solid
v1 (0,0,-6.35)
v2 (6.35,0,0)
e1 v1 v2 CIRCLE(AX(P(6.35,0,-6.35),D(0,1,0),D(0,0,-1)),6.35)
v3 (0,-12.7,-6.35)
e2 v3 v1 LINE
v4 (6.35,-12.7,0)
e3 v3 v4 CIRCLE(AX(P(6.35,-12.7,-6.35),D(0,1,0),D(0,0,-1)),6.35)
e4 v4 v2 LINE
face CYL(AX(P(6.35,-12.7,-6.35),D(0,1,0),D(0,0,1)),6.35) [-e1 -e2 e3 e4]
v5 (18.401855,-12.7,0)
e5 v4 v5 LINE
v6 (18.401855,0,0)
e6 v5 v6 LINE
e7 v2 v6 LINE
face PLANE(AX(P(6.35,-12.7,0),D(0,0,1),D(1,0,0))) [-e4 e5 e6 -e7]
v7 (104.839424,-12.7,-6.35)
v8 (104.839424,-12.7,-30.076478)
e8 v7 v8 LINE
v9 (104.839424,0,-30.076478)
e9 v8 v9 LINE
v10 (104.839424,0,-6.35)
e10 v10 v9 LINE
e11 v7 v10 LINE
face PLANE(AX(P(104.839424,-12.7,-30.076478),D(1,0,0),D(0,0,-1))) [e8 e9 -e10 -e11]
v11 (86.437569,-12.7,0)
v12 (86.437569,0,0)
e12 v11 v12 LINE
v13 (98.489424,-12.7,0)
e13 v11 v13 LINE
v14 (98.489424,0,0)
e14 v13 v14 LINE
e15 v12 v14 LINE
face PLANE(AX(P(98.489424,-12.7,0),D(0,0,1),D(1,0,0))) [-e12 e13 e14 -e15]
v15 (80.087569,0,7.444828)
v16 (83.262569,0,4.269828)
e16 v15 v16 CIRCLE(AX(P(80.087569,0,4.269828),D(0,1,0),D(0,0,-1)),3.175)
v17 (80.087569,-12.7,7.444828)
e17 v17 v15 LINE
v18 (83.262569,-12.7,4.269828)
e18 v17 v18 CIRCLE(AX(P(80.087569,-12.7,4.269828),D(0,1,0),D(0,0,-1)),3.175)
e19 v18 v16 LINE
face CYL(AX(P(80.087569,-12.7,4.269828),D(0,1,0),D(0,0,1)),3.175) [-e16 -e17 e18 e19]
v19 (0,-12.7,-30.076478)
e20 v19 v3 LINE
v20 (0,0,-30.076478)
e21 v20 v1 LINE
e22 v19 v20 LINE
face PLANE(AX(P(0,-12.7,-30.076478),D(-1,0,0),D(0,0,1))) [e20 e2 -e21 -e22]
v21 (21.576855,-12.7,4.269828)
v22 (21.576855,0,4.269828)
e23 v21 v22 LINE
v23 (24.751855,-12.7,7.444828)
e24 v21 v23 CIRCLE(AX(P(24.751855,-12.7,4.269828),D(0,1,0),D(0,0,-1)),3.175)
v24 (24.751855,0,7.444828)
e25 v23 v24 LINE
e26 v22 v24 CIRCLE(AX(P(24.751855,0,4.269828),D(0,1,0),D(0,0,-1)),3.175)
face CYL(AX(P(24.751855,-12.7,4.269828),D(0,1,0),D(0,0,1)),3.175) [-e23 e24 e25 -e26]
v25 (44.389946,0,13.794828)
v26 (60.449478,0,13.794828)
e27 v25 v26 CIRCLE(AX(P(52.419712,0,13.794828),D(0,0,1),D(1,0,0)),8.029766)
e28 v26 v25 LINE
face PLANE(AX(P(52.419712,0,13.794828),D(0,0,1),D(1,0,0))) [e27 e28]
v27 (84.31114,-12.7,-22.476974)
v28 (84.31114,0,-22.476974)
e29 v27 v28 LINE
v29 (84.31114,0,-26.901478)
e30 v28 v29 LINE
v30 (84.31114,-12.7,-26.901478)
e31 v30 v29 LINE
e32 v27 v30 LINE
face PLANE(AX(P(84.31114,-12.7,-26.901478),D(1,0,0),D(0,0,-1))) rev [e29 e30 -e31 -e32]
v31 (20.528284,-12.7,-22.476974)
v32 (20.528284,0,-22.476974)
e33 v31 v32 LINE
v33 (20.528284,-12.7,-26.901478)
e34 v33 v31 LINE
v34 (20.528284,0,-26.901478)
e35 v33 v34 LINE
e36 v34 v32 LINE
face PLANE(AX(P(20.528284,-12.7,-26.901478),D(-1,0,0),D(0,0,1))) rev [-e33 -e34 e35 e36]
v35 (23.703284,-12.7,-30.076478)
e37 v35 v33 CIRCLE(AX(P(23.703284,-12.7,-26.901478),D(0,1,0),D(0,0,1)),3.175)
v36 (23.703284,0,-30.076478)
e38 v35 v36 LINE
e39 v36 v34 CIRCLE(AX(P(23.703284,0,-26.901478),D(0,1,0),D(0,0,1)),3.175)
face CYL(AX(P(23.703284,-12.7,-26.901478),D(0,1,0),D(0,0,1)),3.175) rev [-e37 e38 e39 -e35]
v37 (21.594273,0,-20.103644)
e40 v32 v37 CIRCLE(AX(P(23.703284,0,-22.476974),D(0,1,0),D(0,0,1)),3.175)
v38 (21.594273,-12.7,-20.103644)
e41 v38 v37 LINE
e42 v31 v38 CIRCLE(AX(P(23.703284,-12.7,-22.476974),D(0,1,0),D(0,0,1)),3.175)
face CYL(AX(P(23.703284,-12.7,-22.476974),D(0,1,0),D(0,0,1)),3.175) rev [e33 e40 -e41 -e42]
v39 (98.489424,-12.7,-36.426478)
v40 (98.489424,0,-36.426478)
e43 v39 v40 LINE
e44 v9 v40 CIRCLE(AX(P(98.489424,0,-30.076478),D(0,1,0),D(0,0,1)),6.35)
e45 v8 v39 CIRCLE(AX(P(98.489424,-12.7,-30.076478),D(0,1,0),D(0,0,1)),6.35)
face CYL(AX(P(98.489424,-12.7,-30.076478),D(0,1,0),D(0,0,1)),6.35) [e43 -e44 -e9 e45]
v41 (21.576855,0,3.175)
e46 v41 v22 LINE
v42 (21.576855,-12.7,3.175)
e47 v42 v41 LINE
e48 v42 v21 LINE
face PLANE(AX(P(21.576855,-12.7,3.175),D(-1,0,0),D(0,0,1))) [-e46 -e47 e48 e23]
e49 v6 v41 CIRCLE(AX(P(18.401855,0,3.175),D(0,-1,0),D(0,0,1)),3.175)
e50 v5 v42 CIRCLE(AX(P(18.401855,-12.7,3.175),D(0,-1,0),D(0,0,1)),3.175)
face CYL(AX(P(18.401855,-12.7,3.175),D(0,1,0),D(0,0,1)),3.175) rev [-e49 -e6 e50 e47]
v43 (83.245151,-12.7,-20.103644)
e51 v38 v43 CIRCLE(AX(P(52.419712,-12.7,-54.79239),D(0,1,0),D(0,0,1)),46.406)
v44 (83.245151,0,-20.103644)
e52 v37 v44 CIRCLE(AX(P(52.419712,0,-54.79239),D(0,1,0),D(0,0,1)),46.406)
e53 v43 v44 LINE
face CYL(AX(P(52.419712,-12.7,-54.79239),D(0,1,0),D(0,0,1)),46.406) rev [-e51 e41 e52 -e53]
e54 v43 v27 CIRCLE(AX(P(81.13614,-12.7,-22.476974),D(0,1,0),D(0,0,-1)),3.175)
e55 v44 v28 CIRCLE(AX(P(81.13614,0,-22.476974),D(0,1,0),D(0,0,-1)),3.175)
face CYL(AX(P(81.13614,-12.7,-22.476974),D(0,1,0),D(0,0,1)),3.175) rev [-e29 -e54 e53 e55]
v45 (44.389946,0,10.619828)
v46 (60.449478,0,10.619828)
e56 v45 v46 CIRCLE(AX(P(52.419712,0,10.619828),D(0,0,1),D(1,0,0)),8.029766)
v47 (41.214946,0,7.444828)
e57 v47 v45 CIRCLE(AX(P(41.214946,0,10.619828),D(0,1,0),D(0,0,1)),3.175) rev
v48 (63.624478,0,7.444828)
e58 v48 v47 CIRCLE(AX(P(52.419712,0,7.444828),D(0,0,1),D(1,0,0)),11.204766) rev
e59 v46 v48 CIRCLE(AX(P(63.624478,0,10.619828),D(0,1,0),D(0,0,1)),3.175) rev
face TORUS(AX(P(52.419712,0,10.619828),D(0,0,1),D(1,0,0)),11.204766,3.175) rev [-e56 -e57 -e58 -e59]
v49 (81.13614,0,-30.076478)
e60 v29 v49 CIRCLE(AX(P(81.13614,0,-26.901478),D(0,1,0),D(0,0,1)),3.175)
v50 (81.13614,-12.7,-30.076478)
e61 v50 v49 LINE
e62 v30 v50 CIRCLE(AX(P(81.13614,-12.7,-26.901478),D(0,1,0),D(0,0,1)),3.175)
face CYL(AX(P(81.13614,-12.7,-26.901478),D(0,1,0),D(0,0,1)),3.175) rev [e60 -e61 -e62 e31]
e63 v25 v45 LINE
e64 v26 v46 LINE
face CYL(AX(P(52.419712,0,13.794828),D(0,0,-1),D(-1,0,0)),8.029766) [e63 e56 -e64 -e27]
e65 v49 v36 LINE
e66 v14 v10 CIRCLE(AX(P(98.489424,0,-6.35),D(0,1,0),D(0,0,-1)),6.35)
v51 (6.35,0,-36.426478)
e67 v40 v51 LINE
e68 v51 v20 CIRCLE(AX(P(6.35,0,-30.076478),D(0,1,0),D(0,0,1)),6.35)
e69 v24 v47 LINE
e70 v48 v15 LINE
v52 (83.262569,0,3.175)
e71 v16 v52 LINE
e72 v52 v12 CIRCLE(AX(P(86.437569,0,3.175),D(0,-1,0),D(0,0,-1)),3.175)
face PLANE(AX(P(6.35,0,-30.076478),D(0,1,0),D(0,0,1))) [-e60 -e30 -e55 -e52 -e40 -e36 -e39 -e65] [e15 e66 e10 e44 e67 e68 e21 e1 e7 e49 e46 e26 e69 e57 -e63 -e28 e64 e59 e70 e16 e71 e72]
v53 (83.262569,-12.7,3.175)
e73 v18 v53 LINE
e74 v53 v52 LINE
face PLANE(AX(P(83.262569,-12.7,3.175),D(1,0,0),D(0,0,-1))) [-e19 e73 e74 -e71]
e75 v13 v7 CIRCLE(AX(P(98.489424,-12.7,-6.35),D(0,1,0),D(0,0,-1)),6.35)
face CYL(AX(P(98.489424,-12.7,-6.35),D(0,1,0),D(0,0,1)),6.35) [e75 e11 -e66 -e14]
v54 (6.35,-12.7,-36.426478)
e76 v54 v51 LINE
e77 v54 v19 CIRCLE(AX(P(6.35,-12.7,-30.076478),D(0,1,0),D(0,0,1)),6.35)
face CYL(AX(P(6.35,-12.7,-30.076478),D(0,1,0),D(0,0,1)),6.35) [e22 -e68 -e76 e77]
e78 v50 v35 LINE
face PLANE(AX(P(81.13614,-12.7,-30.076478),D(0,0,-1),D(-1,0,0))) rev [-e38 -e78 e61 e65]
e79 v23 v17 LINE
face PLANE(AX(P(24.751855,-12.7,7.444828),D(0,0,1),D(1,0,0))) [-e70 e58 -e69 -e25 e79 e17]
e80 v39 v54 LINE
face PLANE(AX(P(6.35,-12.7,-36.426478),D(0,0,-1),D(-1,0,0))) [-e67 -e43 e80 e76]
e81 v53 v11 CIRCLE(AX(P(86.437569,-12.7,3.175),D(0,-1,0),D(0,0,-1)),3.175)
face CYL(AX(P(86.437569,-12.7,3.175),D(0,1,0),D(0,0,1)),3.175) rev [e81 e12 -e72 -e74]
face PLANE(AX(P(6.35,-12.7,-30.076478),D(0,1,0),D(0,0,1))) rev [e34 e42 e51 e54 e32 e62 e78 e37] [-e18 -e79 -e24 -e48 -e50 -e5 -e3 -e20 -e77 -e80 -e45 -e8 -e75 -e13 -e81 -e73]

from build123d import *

# Parameters (mm, degrees)
EXTRUDE1_DEPTH = 12.7
EXTRUDE2_DEPTH = 6.35
FILLET1_R      = 3.175


with BuildPart() as part:
    # Sketch1 → Extrude1 (new body)
    with BuildSketch(Plane(origin=(0, 0, 0), x_dir=(1, 0, 0), z_dir=(0, 1, 0))):
        with BuildLine():
            Line((0, 30.076477833), (0, 6.35))
            ThreePointArc((0, 6.35), (1.859871939, 1.859871939), (6.35, 0))
            Line((6.35, 0), (18.40185504, 0))
            ThreePointArc((18.40185504, 0), (20.64691907, -0.92993597), (21.57685504, -3.175))
            Line((21.57685504, -3.175), (21.57685504, -4.269827586))
            ThreePointArc((21.57685504, -4.269827586), (22.506791009, -6.514891616), (24.75185504, -7.444827586))
            Line((24.75185504, -7.444827586), (80.087569325, -7.444827586))
            ThreePointArc((80.087569325, -7.444827586), (82.332633356, -6.514891616), (83.262569325, -4.269827586))
            Line((83.262569325, -4.269827586), (83.262569325, -3.175))
            ThreePointArc((83.262569325, -3.175), (84.192505295, -0.92993597), (86.437569325, 0))
            Line((86.437569325, 0), (98.489424365, 0))
            ThreePointArc((98.489424365, 0), (102.979552425, 1.859871939), (104.839424365, 6.35))
            Line((104.839424365, 6.35), (104.839424365, 30.076477833))
            ThreePointArc((104.839424365, 30.076477833), (102.979552425, 34.566605893), (98.489424365, 36.426477833))
            Line((98.489424365, 36.426477833), (6.35, 36.426477833))
            ThreePointArc((6.35, 36.426477833), (1.859871939, 34.566605893), (0, 30.076477833))
        make_face()
        with BuildLine():
            Line((81.136140344, 30.076477833), (23.703284021, 30.076477833))
            ThreePointArc((23.703284021, 30.076477833), (21.458219991, 29.146541863), (20.528284021, 26.901477833))
            Line((20.528284021, 26.901477833), (20.528284021, 22.476973979))
            ThreePointArc((20.528284021, 22.476973979), (20.807016141, 21.176106051), (21.594272913, 20.103643587))
            ThreePointArc((21.594272913, 20.103643587), (52.419712182, 8.386390066), (83.245151452, 20.103643587))
            ThreePointArc((83.245151452, 20.103643587), (84.032408224, 21.176106051), (84.311140344, 22.476973979))
            Line((84.311140344, 22.476973979), (84.311140344, 26.901477833))
            ThreePointArc((84.311140344, 26.901477833), (83.381204374, 29.146541863), (81.136140344, 30.076477833))
        make_face(mode=Mode.SUBTRACT)
    extrude(amount=-EXTRUDE1_DEPTH)

    # Sketch2 → Extrude2 (add)
    with BuildSketch(Plane.XY.offset(7.444827586)):
        with BuildLine():
            Line((44.389946351, 0), (60.449478013, 0))
            ThreePointArc((60.449478013, 0), (52.419712182, -8.029765831), (44.389946351, 0))
        make_face()
    extrude(amount=EXTRUDE2_DEPTH)

    # Fillet1
    fillet1_edges = [part.edges().sort_by_distance(p)[0] for p in [
        (52.419712182, -8.029765831, 7.444827586),
    ]]
    fillet(fillet1_edges, radius=FILLET1_R)


solid = part.part
